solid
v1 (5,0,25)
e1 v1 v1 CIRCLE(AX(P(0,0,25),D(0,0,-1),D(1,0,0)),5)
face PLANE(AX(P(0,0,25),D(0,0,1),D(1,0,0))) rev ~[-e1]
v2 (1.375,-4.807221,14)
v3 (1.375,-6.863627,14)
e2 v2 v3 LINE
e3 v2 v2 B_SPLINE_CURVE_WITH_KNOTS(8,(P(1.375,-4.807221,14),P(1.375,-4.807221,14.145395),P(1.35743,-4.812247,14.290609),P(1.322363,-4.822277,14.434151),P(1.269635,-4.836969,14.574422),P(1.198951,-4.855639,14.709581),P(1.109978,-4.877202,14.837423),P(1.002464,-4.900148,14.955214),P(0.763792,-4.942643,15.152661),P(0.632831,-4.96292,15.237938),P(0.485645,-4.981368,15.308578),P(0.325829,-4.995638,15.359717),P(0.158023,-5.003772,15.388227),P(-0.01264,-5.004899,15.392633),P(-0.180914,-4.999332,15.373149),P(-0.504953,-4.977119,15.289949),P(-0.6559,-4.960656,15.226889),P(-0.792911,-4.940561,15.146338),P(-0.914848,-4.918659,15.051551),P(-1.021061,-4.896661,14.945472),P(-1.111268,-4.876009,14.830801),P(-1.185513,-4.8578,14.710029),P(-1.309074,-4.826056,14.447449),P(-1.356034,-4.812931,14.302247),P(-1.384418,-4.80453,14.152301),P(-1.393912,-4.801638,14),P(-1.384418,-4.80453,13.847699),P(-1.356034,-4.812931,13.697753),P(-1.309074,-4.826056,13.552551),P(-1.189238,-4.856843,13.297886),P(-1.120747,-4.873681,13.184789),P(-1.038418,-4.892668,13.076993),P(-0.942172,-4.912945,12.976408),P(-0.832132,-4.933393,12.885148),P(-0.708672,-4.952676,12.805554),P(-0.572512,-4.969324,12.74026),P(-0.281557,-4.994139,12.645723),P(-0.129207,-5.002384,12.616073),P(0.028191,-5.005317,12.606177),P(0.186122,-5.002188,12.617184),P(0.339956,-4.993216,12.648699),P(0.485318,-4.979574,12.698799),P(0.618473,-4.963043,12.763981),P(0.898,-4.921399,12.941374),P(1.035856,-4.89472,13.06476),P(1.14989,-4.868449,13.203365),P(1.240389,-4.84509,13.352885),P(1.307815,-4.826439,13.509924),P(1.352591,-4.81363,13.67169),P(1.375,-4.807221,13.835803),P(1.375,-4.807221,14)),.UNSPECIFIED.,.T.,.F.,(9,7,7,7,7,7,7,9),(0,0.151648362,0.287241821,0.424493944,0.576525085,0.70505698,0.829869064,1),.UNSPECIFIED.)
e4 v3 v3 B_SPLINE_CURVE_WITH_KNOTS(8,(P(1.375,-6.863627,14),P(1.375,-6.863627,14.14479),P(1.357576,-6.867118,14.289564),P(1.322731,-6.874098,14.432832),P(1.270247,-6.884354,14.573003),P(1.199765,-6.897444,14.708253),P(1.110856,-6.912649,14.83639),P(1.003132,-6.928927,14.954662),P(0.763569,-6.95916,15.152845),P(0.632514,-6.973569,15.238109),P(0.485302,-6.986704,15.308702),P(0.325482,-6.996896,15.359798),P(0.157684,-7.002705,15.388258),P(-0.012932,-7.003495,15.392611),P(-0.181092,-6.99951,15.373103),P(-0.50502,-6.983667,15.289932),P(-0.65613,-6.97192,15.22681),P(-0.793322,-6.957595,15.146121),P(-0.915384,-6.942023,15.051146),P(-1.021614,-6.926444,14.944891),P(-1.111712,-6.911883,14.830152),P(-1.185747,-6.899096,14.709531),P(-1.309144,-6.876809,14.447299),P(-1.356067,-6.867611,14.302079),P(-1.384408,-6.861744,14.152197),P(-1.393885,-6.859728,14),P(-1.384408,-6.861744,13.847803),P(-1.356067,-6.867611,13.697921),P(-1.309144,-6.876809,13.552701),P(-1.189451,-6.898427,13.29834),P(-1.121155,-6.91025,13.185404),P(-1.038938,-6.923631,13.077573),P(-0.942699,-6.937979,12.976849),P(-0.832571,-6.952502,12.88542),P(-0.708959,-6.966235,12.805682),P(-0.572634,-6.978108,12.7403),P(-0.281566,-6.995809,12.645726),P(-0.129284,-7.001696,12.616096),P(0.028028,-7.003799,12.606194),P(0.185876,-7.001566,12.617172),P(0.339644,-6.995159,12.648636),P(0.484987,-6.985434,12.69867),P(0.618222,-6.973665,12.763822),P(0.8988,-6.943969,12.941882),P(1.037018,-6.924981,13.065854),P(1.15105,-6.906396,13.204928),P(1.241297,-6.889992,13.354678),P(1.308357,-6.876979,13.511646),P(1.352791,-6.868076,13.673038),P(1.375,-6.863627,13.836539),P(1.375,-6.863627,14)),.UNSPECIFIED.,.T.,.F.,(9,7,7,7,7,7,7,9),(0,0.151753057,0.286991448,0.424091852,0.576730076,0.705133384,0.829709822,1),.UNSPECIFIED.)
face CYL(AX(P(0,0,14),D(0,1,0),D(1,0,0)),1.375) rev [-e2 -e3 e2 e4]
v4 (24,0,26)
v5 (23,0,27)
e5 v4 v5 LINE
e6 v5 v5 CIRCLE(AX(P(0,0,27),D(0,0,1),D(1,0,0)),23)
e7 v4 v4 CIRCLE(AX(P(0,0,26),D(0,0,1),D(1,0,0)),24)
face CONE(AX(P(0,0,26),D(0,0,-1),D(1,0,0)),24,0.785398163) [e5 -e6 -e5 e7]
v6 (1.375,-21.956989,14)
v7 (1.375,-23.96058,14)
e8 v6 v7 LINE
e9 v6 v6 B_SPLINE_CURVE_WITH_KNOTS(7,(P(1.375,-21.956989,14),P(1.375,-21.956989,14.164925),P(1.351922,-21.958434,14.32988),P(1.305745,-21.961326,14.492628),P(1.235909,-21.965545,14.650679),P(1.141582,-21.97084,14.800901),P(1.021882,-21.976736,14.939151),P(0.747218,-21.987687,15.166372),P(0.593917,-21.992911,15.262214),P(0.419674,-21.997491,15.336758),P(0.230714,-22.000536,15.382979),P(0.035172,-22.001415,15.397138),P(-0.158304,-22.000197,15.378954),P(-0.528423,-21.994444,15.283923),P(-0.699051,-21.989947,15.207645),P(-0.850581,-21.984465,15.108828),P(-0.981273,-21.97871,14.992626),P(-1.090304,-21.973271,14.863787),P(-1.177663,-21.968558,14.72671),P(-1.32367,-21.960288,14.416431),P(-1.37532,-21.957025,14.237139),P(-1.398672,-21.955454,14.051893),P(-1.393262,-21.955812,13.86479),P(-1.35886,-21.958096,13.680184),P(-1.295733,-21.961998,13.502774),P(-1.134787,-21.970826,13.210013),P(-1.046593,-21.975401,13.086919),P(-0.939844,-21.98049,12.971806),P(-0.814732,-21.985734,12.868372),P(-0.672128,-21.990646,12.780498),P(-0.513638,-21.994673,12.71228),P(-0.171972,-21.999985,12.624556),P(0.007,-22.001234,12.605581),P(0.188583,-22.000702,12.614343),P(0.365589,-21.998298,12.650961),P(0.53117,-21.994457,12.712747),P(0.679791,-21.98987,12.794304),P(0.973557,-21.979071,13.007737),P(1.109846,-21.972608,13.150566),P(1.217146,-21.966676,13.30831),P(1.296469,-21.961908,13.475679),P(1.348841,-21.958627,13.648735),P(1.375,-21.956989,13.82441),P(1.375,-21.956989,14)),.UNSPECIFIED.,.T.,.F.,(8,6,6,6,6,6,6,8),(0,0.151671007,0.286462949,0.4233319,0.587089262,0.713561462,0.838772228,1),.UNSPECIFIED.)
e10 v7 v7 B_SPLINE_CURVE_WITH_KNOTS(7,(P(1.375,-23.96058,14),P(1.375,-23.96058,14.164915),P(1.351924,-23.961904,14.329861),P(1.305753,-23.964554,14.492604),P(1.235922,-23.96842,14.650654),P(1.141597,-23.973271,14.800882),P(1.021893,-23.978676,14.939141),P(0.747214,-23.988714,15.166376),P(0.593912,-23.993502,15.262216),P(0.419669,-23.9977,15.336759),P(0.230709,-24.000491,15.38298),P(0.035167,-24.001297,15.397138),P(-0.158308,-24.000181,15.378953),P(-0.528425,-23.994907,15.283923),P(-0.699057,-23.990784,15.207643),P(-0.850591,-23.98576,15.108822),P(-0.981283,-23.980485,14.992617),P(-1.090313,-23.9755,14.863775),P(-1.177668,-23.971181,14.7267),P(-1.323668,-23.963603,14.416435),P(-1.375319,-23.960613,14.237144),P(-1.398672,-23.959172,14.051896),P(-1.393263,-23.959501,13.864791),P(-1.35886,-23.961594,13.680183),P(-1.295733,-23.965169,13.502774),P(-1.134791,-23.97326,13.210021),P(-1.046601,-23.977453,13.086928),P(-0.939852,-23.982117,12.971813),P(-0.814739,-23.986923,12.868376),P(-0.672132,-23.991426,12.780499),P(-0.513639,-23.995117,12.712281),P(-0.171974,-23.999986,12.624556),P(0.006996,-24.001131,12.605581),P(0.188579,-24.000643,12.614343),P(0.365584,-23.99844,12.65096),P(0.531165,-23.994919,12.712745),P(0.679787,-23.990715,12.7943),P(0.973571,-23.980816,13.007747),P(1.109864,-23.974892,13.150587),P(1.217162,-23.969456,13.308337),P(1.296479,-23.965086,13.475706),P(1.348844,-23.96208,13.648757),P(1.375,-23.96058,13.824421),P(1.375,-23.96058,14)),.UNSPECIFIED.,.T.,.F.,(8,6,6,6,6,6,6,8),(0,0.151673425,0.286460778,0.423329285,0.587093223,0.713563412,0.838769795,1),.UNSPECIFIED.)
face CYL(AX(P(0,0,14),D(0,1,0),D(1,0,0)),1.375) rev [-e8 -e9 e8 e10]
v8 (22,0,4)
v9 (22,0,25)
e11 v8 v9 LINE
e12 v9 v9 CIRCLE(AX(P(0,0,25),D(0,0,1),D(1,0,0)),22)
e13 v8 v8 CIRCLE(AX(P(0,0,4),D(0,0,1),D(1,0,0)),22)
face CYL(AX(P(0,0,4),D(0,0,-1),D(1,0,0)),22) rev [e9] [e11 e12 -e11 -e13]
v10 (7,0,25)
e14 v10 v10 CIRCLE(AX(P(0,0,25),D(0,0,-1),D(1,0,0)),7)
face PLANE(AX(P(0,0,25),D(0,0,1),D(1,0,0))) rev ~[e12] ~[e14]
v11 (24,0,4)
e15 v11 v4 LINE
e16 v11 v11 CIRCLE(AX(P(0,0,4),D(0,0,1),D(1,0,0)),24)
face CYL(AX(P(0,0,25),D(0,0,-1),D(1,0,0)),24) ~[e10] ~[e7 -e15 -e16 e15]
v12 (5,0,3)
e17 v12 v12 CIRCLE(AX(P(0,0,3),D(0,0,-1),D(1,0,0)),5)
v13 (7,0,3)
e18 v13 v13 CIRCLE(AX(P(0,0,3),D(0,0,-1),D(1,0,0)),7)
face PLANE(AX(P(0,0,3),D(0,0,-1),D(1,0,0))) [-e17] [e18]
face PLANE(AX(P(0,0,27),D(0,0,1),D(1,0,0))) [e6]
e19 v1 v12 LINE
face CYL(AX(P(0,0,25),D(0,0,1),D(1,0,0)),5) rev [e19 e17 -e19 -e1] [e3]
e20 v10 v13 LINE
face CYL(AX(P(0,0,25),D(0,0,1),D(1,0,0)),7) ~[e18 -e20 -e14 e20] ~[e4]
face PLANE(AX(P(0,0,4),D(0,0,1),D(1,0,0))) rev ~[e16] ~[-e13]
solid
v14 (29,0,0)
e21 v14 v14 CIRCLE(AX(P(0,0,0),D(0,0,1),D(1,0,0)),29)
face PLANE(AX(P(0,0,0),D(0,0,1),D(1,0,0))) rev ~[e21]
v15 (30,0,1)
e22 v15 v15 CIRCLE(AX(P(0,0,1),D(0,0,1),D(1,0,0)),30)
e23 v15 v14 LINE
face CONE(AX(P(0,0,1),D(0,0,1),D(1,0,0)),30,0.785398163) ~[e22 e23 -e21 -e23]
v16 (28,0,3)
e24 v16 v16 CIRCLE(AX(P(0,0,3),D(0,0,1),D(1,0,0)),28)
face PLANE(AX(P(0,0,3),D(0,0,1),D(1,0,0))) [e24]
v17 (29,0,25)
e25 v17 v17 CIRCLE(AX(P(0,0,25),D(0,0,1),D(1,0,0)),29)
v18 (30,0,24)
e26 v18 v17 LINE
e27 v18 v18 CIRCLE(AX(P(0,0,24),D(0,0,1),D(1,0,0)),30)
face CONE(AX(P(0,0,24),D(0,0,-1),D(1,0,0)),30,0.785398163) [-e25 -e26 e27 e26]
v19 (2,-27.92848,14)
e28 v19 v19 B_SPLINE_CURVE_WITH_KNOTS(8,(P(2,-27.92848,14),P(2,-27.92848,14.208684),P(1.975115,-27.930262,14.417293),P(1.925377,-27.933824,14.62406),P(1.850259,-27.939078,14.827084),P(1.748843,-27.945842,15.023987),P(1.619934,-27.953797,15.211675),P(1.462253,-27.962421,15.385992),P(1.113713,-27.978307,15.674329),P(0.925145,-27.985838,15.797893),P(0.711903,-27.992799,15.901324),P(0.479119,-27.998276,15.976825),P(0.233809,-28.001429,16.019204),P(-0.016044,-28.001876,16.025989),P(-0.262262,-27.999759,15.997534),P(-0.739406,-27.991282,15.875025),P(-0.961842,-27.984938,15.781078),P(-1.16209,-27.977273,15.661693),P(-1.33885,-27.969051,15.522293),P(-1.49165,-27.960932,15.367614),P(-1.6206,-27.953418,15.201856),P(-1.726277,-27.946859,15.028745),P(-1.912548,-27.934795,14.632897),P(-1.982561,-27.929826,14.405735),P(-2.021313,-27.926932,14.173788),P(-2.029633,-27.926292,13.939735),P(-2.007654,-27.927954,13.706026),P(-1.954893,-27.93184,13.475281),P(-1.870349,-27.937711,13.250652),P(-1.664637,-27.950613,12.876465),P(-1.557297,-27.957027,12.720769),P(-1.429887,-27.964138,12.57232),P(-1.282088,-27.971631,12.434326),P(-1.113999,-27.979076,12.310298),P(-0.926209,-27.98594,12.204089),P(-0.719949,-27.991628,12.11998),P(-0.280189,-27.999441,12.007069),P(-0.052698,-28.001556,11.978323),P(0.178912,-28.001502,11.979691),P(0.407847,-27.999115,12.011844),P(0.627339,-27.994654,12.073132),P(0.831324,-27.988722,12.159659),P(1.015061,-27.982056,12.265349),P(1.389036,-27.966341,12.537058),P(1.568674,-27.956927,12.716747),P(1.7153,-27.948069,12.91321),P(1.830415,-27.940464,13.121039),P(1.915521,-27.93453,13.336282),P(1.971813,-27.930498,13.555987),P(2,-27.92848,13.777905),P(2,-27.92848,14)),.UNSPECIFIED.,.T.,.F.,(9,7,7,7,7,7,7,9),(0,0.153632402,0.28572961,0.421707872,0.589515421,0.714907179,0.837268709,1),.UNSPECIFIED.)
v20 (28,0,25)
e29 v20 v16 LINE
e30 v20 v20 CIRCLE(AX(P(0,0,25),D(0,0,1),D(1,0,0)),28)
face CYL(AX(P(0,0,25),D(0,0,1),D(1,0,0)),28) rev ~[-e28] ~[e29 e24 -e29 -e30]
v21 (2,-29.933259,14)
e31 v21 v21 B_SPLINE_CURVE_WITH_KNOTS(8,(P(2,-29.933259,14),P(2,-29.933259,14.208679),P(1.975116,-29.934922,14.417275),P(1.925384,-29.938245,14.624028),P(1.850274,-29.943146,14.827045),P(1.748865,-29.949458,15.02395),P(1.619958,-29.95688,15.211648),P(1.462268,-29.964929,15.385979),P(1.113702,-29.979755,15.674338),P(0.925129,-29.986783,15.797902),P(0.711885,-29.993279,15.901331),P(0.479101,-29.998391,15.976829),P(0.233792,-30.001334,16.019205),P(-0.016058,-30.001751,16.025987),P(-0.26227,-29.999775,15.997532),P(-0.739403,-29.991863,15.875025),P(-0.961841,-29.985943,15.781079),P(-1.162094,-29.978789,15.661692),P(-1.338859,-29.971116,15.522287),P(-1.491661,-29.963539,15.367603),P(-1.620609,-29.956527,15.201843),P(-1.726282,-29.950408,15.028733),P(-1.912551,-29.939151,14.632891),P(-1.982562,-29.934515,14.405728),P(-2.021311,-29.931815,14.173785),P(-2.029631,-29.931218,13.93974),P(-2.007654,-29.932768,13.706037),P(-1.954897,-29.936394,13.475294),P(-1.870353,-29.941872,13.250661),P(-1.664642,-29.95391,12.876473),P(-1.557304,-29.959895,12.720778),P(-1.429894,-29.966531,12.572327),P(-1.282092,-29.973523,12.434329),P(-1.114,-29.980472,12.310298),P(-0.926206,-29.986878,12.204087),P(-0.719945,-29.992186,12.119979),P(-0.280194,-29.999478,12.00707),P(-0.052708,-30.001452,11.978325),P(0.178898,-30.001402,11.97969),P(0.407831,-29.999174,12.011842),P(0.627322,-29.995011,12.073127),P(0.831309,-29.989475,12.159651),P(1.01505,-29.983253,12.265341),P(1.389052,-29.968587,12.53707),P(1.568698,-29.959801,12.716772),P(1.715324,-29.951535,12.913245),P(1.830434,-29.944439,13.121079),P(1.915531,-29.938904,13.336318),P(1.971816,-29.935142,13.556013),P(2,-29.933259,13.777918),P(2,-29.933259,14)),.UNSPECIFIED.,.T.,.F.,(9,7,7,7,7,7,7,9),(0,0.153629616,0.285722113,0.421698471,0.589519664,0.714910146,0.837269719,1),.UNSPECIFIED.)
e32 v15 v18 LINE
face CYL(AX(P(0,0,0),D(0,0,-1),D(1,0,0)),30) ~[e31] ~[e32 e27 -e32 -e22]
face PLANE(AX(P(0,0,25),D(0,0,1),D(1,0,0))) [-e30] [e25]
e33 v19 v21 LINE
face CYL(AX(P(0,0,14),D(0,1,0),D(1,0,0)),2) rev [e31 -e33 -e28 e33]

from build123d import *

# Parameters (mm, degrees)
F0_R       = 30
F1_DEPTH   = 25
F2_R       = 28
F3_DEPTH   = 22
F5_R       = 24
F5_R_2     = 22
F6_DEPTH   = 21
F7_R       = 24
F8_DEPTH   = 2
F9_R       = 7
F9_R_2     = 5
F10_DEPTH  = 22
F11_SIZE   = 1
F11_2_SIZE = 1
F12_R      = 1.375
F13_DEPTH  = 30.001
F14_R      = 2
F15_DEPTH  = 30.0010001118


with BuildPart() as f1:
    # F0 (on Top) → F1 (new body)
    with BuildSketch(Plane.XY):
        Circle(F0_R)
    extrude(amount=F1_DEPTH)

    # F2 (on face) → F3 (cut)
    with BuildSketch(Plane.XY.offset(25)):
        Circle(F2_R)
    extrude(amount=-F3_DEPTH, mode=Mode.SUBTRACT)

    # F11
    f11_edges = [f1.edges().sort_by_distance(p)[0] for p in [
        (-30, 0, 0),
        (-30, 0, 25),
    ]]
    chamfer(f11_edges, length=F11_SIZE)


with BuildPart() as f6:
    # F5 (on offset) → F6 (new body)
    with BuildSketch(Plane.XY.offset(4)):
        Circle(F5_R)
        Circle(F5_R_2, mode=Mode.SUBTRACT)
    extrude(amount=F6_DEPTH)

    # F7 (on face) → F8 (join)
    with BuildSketch(Plane.XY.offset(25)):
        Circle(F7_R)
    extrude(amount=F8_DEPTH)

    # F9 (on face) → F10 (join)
    with BuildSketch(Plane(origin=(0, 0, 25), x_dir=(1, 0, 0), z_dir=(0, 0, -1))):
        Circle(F9_R)
        Circle(F9_R_2, mode=Mode.SUBTRACT)
    extrude(amount=F10_DEPTH)

    # F11#2
    f11_2_edges = [f6.edges().sort_by_distance(p)[0] for p in [
        (-24, 0, 27),
    ]]
    chamfer(f11_2_edges, length=F11_2_SIZE)


with BuildPart() as f13_tool:
    # F12 (on Front) → F13 (new body, through all)
    with BuildSketch(Plane.XZ):
        with Locations((0, 14)):
            Circle(F12_R)
    extrude(amount=F13_DEPTH)


with BuildPart() as f1_1:
    add(f1.part)

    # F13: cut by f13_tool
    add(f13_tool.part, mode=Mode.SUBTRACT)

    # F14 (on Front) → F15 (cut, through all)
    with BuildSketch(Plane.XZ):
        with Locations((0, 14)):
            Circle(F14_R)
    extrude(amount=F15_DEPTH, mode=Mode.SUBTRACT)


with BuildPart() as f6_1:
    add(f6.part)

    # F13: cut by f13_tool
    add(f13_tool.part, mode=Mode.SUBTRACT)


solid = Compound([f1_1.part, f6_1.part])
